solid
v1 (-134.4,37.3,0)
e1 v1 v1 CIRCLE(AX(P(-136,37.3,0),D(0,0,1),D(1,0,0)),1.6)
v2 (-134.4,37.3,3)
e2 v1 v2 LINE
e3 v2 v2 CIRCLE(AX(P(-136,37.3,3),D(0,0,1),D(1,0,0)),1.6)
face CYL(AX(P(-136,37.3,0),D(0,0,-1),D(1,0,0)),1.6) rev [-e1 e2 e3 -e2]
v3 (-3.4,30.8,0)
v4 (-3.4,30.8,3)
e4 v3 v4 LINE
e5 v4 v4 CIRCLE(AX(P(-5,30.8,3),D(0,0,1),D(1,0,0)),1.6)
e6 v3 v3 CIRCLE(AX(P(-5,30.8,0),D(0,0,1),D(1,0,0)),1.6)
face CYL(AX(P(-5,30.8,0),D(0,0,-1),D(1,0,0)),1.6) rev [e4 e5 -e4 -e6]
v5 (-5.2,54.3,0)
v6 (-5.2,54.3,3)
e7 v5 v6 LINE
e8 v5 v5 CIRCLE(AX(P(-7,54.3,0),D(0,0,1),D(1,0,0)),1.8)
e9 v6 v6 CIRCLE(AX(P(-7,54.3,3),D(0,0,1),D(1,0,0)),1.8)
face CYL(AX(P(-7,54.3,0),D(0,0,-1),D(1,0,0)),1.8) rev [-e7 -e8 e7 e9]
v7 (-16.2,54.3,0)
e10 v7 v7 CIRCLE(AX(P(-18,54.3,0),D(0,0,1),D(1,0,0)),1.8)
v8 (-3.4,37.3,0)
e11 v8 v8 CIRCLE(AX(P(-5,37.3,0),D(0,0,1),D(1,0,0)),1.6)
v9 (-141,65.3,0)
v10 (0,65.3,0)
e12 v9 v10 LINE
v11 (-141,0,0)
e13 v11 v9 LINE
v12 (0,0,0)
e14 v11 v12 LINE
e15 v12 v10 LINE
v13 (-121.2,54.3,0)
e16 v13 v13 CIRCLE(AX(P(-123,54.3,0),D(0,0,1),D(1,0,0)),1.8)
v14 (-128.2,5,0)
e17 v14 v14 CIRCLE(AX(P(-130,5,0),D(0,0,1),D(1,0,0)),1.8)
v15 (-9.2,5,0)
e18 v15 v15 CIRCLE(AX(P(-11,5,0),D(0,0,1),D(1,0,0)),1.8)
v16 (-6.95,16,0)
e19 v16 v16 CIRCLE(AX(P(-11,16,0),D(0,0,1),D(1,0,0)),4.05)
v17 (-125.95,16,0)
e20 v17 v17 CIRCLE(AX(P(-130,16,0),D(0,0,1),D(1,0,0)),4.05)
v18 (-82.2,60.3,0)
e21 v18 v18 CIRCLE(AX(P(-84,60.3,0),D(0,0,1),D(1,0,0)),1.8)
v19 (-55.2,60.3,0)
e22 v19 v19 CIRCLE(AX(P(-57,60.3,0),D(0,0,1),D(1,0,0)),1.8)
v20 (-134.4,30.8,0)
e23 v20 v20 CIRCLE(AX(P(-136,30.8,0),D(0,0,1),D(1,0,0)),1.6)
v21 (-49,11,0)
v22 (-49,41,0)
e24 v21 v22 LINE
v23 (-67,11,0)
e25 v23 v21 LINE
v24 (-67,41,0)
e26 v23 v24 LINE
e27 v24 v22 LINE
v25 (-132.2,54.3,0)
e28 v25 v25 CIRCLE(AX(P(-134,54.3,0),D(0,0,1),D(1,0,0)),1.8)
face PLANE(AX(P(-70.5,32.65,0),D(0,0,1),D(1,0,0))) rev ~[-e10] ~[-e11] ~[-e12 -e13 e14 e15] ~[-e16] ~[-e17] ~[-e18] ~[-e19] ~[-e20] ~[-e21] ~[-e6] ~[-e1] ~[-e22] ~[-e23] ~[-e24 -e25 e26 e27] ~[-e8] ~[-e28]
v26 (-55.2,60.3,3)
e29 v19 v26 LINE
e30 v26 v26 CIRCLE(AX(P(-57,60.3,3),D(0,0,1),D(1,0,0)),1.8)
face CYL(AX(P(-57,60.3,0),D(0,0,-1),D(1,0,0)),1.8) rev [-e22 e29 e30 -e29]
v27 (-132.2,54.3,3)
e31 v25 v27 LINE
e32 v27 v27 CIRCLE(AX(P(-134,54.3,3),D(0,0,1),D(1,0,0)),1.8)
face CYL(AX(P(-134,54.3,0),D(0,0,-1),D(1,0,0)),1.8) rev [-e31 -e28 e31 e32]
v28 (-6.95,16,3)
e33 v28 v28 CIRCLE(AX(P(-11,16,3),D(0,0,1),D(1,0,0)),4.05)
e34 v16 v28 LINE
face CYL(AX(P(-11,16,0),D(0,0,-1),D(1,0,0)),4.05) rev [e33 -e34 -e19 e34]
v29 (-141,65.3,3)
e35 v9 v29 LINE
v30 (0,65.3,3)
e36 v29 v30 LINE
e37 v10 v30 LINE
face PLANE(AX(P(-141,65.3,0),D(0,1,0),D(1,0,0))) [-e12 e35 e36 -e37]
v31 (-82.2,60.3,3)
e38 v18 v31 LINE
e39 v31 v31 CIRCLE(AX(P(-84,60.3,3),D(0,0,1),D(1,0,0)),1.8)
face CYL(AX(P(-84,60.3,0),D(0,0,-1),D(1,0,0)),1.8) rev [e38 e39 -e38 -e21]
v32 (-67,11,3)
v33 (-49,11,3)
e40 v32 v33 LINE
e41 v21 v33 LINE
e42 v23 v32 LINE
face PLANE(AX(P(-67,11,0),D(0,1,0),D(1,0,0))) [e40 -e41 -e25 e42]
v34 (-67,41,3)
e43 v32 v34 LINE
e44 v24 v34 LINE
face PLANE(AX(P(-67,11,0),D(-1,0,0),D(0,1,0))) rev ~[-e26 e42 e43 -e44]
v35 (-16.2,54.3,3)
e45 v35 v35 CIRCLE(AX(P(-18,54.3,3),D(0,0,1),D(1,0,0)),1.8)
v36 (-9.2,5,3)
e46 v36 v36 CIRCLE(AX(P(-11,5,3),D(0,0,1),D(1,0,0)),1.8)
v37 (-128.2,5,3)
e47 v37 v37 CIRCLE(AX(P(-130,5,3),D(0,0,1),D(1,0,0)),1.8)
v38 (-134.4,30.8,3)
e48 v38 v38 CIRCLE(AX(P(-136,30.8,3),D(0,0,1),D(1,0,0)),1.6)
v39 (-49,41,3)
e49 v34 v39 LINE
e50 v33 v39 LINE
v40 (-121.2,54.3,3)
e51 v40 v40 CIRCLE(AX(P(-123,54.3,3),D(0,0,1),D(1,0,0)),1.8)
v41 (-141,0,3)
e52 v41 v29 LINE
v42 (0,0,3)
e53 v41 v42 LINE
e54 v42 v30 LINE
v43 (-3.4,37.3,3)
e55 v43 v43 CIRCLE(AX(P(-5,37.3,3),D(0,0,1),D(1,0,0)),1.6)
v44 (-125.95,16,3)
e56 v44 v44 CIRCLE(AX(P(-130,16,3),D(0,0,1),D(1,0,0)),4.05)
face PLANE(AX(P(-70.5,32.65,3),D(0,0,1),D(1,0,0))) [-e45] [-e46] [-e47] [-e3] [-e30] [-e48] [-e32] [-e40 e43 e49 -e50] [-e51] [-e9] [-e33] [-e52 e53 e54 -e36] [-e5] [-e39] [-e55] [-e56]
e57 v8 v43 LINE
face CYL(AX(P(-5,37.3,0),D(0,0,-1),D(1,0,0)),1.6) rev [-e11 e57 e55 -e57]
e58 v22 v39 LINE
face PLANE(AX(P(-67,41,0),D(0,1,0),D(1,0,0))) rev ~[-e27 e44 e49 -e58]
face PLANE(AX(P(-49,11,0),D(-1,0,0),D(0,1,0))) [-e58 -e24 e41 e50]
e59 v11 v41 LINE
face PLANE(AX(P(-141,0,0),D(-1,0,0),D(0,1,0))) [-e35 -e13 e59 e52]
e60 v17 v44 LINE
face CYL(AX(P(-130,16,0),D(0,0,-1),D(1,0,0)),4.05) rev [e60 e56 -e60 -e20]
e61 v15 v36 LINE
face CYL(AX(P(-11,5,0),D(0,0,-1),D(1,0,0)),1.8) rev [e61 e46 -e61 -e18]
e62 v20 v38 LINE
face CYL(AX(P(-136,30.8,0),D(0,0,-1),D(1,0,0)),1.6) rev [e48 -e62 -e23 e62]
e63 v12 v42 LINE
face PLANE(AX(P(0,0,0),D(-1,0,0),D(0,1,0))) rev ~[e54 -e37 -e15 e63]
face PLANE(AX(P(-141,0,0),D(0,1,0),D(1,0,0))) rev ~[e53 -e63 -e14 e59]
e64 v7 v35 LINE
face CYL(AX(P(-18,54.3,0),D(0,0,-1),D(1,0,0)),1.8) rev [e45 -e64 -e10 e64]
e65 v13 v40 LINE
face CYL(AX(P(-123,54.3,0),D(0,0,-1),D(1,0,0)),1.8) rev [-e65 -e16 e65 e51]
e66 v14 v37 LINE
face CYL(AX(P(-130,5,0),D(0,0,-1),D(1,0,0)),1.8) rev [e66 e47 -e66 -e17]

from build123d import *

# Parameters (mm, degrees)
SKETCH_W   = 141
SKETCH_H   = 65.3
SKETCH_R   = 4.05
SKETCH_R_2 = 1.8
SKETCH_R_3 = 1.6
SKETCH_W_2 = 18
SKETCH_H_2 = 30
PAD_DEPTH  = 3


with BuildPart() as part:
    # Sketch → Pad (new body)
    with BuildSketch(Plane.XY):
        with Locations((-70.5, 32.65)):
            Rectangle(SKETCH_W, SKETCH_H)
        with Locations((-130, 16)):
            Circle(SKETCH_R, mode=Mode.SUBTRACT)
        with Locations((-11, 16)):
            Circle(SKETCH_R, mode=Mode.SUBTRACT)
        with Locations((-134, 54.3)):
            Circle(SKETCH_R_2, mode=Mode.SUBTRACT)
        with Locations((-123, 54.3)):
            Circle(SKETCH_R_2, mode=Mode.SUBTRACT)
        with Locations((-18, 54.3)):
            Circle(SKETCH_R_2, mode=Mode.SUBTRACT)
        with Locations((-7, 54.3)):
            Circle(SKETCH_R_2, mode=Mode.SUBTRACT)
        with Locations((-5, 37.3)):
            Circle(SKETCH_R_3, mode=Mode.SUBTRACT)
        with Locations((-5, 30.8)):
            Circle(SKETCH_R_3, mode=Mode.SUBTRACT)
        with Locations((-136, 37.3)):
            Circle(SKETCH_R_3, mode=Mode.SUBTRACT)
        with Locations((-136, 30.8)):
            Circle(SKETCH_R_3, mode=Mode.SUBTRACT)
        with Locations((-84, 60.3)):
            Circle(SKETCH_R_2, mode=Mode.SUBTRACT)
        with Locations((-57, 60.3)):
            Circle(SKETCH_R_2, mode=Mode.SUBTRACT)
        with Locations((-130, 5)):
            Circle(SKETCH_R_2, mode=Mode.SUBTRACT)
        with Locations((-11, 5)):
            Circle(SKETCH_R_2, mode=Mode.SUBTRACT)
        with Locations((-58, 26)):
            Rectangle(SKETCH_W_2, SKETCH_H_2, mode=Mode.SUBTRACT)
    extrude(amount=PAD_DEPTH)


solid = part.part
